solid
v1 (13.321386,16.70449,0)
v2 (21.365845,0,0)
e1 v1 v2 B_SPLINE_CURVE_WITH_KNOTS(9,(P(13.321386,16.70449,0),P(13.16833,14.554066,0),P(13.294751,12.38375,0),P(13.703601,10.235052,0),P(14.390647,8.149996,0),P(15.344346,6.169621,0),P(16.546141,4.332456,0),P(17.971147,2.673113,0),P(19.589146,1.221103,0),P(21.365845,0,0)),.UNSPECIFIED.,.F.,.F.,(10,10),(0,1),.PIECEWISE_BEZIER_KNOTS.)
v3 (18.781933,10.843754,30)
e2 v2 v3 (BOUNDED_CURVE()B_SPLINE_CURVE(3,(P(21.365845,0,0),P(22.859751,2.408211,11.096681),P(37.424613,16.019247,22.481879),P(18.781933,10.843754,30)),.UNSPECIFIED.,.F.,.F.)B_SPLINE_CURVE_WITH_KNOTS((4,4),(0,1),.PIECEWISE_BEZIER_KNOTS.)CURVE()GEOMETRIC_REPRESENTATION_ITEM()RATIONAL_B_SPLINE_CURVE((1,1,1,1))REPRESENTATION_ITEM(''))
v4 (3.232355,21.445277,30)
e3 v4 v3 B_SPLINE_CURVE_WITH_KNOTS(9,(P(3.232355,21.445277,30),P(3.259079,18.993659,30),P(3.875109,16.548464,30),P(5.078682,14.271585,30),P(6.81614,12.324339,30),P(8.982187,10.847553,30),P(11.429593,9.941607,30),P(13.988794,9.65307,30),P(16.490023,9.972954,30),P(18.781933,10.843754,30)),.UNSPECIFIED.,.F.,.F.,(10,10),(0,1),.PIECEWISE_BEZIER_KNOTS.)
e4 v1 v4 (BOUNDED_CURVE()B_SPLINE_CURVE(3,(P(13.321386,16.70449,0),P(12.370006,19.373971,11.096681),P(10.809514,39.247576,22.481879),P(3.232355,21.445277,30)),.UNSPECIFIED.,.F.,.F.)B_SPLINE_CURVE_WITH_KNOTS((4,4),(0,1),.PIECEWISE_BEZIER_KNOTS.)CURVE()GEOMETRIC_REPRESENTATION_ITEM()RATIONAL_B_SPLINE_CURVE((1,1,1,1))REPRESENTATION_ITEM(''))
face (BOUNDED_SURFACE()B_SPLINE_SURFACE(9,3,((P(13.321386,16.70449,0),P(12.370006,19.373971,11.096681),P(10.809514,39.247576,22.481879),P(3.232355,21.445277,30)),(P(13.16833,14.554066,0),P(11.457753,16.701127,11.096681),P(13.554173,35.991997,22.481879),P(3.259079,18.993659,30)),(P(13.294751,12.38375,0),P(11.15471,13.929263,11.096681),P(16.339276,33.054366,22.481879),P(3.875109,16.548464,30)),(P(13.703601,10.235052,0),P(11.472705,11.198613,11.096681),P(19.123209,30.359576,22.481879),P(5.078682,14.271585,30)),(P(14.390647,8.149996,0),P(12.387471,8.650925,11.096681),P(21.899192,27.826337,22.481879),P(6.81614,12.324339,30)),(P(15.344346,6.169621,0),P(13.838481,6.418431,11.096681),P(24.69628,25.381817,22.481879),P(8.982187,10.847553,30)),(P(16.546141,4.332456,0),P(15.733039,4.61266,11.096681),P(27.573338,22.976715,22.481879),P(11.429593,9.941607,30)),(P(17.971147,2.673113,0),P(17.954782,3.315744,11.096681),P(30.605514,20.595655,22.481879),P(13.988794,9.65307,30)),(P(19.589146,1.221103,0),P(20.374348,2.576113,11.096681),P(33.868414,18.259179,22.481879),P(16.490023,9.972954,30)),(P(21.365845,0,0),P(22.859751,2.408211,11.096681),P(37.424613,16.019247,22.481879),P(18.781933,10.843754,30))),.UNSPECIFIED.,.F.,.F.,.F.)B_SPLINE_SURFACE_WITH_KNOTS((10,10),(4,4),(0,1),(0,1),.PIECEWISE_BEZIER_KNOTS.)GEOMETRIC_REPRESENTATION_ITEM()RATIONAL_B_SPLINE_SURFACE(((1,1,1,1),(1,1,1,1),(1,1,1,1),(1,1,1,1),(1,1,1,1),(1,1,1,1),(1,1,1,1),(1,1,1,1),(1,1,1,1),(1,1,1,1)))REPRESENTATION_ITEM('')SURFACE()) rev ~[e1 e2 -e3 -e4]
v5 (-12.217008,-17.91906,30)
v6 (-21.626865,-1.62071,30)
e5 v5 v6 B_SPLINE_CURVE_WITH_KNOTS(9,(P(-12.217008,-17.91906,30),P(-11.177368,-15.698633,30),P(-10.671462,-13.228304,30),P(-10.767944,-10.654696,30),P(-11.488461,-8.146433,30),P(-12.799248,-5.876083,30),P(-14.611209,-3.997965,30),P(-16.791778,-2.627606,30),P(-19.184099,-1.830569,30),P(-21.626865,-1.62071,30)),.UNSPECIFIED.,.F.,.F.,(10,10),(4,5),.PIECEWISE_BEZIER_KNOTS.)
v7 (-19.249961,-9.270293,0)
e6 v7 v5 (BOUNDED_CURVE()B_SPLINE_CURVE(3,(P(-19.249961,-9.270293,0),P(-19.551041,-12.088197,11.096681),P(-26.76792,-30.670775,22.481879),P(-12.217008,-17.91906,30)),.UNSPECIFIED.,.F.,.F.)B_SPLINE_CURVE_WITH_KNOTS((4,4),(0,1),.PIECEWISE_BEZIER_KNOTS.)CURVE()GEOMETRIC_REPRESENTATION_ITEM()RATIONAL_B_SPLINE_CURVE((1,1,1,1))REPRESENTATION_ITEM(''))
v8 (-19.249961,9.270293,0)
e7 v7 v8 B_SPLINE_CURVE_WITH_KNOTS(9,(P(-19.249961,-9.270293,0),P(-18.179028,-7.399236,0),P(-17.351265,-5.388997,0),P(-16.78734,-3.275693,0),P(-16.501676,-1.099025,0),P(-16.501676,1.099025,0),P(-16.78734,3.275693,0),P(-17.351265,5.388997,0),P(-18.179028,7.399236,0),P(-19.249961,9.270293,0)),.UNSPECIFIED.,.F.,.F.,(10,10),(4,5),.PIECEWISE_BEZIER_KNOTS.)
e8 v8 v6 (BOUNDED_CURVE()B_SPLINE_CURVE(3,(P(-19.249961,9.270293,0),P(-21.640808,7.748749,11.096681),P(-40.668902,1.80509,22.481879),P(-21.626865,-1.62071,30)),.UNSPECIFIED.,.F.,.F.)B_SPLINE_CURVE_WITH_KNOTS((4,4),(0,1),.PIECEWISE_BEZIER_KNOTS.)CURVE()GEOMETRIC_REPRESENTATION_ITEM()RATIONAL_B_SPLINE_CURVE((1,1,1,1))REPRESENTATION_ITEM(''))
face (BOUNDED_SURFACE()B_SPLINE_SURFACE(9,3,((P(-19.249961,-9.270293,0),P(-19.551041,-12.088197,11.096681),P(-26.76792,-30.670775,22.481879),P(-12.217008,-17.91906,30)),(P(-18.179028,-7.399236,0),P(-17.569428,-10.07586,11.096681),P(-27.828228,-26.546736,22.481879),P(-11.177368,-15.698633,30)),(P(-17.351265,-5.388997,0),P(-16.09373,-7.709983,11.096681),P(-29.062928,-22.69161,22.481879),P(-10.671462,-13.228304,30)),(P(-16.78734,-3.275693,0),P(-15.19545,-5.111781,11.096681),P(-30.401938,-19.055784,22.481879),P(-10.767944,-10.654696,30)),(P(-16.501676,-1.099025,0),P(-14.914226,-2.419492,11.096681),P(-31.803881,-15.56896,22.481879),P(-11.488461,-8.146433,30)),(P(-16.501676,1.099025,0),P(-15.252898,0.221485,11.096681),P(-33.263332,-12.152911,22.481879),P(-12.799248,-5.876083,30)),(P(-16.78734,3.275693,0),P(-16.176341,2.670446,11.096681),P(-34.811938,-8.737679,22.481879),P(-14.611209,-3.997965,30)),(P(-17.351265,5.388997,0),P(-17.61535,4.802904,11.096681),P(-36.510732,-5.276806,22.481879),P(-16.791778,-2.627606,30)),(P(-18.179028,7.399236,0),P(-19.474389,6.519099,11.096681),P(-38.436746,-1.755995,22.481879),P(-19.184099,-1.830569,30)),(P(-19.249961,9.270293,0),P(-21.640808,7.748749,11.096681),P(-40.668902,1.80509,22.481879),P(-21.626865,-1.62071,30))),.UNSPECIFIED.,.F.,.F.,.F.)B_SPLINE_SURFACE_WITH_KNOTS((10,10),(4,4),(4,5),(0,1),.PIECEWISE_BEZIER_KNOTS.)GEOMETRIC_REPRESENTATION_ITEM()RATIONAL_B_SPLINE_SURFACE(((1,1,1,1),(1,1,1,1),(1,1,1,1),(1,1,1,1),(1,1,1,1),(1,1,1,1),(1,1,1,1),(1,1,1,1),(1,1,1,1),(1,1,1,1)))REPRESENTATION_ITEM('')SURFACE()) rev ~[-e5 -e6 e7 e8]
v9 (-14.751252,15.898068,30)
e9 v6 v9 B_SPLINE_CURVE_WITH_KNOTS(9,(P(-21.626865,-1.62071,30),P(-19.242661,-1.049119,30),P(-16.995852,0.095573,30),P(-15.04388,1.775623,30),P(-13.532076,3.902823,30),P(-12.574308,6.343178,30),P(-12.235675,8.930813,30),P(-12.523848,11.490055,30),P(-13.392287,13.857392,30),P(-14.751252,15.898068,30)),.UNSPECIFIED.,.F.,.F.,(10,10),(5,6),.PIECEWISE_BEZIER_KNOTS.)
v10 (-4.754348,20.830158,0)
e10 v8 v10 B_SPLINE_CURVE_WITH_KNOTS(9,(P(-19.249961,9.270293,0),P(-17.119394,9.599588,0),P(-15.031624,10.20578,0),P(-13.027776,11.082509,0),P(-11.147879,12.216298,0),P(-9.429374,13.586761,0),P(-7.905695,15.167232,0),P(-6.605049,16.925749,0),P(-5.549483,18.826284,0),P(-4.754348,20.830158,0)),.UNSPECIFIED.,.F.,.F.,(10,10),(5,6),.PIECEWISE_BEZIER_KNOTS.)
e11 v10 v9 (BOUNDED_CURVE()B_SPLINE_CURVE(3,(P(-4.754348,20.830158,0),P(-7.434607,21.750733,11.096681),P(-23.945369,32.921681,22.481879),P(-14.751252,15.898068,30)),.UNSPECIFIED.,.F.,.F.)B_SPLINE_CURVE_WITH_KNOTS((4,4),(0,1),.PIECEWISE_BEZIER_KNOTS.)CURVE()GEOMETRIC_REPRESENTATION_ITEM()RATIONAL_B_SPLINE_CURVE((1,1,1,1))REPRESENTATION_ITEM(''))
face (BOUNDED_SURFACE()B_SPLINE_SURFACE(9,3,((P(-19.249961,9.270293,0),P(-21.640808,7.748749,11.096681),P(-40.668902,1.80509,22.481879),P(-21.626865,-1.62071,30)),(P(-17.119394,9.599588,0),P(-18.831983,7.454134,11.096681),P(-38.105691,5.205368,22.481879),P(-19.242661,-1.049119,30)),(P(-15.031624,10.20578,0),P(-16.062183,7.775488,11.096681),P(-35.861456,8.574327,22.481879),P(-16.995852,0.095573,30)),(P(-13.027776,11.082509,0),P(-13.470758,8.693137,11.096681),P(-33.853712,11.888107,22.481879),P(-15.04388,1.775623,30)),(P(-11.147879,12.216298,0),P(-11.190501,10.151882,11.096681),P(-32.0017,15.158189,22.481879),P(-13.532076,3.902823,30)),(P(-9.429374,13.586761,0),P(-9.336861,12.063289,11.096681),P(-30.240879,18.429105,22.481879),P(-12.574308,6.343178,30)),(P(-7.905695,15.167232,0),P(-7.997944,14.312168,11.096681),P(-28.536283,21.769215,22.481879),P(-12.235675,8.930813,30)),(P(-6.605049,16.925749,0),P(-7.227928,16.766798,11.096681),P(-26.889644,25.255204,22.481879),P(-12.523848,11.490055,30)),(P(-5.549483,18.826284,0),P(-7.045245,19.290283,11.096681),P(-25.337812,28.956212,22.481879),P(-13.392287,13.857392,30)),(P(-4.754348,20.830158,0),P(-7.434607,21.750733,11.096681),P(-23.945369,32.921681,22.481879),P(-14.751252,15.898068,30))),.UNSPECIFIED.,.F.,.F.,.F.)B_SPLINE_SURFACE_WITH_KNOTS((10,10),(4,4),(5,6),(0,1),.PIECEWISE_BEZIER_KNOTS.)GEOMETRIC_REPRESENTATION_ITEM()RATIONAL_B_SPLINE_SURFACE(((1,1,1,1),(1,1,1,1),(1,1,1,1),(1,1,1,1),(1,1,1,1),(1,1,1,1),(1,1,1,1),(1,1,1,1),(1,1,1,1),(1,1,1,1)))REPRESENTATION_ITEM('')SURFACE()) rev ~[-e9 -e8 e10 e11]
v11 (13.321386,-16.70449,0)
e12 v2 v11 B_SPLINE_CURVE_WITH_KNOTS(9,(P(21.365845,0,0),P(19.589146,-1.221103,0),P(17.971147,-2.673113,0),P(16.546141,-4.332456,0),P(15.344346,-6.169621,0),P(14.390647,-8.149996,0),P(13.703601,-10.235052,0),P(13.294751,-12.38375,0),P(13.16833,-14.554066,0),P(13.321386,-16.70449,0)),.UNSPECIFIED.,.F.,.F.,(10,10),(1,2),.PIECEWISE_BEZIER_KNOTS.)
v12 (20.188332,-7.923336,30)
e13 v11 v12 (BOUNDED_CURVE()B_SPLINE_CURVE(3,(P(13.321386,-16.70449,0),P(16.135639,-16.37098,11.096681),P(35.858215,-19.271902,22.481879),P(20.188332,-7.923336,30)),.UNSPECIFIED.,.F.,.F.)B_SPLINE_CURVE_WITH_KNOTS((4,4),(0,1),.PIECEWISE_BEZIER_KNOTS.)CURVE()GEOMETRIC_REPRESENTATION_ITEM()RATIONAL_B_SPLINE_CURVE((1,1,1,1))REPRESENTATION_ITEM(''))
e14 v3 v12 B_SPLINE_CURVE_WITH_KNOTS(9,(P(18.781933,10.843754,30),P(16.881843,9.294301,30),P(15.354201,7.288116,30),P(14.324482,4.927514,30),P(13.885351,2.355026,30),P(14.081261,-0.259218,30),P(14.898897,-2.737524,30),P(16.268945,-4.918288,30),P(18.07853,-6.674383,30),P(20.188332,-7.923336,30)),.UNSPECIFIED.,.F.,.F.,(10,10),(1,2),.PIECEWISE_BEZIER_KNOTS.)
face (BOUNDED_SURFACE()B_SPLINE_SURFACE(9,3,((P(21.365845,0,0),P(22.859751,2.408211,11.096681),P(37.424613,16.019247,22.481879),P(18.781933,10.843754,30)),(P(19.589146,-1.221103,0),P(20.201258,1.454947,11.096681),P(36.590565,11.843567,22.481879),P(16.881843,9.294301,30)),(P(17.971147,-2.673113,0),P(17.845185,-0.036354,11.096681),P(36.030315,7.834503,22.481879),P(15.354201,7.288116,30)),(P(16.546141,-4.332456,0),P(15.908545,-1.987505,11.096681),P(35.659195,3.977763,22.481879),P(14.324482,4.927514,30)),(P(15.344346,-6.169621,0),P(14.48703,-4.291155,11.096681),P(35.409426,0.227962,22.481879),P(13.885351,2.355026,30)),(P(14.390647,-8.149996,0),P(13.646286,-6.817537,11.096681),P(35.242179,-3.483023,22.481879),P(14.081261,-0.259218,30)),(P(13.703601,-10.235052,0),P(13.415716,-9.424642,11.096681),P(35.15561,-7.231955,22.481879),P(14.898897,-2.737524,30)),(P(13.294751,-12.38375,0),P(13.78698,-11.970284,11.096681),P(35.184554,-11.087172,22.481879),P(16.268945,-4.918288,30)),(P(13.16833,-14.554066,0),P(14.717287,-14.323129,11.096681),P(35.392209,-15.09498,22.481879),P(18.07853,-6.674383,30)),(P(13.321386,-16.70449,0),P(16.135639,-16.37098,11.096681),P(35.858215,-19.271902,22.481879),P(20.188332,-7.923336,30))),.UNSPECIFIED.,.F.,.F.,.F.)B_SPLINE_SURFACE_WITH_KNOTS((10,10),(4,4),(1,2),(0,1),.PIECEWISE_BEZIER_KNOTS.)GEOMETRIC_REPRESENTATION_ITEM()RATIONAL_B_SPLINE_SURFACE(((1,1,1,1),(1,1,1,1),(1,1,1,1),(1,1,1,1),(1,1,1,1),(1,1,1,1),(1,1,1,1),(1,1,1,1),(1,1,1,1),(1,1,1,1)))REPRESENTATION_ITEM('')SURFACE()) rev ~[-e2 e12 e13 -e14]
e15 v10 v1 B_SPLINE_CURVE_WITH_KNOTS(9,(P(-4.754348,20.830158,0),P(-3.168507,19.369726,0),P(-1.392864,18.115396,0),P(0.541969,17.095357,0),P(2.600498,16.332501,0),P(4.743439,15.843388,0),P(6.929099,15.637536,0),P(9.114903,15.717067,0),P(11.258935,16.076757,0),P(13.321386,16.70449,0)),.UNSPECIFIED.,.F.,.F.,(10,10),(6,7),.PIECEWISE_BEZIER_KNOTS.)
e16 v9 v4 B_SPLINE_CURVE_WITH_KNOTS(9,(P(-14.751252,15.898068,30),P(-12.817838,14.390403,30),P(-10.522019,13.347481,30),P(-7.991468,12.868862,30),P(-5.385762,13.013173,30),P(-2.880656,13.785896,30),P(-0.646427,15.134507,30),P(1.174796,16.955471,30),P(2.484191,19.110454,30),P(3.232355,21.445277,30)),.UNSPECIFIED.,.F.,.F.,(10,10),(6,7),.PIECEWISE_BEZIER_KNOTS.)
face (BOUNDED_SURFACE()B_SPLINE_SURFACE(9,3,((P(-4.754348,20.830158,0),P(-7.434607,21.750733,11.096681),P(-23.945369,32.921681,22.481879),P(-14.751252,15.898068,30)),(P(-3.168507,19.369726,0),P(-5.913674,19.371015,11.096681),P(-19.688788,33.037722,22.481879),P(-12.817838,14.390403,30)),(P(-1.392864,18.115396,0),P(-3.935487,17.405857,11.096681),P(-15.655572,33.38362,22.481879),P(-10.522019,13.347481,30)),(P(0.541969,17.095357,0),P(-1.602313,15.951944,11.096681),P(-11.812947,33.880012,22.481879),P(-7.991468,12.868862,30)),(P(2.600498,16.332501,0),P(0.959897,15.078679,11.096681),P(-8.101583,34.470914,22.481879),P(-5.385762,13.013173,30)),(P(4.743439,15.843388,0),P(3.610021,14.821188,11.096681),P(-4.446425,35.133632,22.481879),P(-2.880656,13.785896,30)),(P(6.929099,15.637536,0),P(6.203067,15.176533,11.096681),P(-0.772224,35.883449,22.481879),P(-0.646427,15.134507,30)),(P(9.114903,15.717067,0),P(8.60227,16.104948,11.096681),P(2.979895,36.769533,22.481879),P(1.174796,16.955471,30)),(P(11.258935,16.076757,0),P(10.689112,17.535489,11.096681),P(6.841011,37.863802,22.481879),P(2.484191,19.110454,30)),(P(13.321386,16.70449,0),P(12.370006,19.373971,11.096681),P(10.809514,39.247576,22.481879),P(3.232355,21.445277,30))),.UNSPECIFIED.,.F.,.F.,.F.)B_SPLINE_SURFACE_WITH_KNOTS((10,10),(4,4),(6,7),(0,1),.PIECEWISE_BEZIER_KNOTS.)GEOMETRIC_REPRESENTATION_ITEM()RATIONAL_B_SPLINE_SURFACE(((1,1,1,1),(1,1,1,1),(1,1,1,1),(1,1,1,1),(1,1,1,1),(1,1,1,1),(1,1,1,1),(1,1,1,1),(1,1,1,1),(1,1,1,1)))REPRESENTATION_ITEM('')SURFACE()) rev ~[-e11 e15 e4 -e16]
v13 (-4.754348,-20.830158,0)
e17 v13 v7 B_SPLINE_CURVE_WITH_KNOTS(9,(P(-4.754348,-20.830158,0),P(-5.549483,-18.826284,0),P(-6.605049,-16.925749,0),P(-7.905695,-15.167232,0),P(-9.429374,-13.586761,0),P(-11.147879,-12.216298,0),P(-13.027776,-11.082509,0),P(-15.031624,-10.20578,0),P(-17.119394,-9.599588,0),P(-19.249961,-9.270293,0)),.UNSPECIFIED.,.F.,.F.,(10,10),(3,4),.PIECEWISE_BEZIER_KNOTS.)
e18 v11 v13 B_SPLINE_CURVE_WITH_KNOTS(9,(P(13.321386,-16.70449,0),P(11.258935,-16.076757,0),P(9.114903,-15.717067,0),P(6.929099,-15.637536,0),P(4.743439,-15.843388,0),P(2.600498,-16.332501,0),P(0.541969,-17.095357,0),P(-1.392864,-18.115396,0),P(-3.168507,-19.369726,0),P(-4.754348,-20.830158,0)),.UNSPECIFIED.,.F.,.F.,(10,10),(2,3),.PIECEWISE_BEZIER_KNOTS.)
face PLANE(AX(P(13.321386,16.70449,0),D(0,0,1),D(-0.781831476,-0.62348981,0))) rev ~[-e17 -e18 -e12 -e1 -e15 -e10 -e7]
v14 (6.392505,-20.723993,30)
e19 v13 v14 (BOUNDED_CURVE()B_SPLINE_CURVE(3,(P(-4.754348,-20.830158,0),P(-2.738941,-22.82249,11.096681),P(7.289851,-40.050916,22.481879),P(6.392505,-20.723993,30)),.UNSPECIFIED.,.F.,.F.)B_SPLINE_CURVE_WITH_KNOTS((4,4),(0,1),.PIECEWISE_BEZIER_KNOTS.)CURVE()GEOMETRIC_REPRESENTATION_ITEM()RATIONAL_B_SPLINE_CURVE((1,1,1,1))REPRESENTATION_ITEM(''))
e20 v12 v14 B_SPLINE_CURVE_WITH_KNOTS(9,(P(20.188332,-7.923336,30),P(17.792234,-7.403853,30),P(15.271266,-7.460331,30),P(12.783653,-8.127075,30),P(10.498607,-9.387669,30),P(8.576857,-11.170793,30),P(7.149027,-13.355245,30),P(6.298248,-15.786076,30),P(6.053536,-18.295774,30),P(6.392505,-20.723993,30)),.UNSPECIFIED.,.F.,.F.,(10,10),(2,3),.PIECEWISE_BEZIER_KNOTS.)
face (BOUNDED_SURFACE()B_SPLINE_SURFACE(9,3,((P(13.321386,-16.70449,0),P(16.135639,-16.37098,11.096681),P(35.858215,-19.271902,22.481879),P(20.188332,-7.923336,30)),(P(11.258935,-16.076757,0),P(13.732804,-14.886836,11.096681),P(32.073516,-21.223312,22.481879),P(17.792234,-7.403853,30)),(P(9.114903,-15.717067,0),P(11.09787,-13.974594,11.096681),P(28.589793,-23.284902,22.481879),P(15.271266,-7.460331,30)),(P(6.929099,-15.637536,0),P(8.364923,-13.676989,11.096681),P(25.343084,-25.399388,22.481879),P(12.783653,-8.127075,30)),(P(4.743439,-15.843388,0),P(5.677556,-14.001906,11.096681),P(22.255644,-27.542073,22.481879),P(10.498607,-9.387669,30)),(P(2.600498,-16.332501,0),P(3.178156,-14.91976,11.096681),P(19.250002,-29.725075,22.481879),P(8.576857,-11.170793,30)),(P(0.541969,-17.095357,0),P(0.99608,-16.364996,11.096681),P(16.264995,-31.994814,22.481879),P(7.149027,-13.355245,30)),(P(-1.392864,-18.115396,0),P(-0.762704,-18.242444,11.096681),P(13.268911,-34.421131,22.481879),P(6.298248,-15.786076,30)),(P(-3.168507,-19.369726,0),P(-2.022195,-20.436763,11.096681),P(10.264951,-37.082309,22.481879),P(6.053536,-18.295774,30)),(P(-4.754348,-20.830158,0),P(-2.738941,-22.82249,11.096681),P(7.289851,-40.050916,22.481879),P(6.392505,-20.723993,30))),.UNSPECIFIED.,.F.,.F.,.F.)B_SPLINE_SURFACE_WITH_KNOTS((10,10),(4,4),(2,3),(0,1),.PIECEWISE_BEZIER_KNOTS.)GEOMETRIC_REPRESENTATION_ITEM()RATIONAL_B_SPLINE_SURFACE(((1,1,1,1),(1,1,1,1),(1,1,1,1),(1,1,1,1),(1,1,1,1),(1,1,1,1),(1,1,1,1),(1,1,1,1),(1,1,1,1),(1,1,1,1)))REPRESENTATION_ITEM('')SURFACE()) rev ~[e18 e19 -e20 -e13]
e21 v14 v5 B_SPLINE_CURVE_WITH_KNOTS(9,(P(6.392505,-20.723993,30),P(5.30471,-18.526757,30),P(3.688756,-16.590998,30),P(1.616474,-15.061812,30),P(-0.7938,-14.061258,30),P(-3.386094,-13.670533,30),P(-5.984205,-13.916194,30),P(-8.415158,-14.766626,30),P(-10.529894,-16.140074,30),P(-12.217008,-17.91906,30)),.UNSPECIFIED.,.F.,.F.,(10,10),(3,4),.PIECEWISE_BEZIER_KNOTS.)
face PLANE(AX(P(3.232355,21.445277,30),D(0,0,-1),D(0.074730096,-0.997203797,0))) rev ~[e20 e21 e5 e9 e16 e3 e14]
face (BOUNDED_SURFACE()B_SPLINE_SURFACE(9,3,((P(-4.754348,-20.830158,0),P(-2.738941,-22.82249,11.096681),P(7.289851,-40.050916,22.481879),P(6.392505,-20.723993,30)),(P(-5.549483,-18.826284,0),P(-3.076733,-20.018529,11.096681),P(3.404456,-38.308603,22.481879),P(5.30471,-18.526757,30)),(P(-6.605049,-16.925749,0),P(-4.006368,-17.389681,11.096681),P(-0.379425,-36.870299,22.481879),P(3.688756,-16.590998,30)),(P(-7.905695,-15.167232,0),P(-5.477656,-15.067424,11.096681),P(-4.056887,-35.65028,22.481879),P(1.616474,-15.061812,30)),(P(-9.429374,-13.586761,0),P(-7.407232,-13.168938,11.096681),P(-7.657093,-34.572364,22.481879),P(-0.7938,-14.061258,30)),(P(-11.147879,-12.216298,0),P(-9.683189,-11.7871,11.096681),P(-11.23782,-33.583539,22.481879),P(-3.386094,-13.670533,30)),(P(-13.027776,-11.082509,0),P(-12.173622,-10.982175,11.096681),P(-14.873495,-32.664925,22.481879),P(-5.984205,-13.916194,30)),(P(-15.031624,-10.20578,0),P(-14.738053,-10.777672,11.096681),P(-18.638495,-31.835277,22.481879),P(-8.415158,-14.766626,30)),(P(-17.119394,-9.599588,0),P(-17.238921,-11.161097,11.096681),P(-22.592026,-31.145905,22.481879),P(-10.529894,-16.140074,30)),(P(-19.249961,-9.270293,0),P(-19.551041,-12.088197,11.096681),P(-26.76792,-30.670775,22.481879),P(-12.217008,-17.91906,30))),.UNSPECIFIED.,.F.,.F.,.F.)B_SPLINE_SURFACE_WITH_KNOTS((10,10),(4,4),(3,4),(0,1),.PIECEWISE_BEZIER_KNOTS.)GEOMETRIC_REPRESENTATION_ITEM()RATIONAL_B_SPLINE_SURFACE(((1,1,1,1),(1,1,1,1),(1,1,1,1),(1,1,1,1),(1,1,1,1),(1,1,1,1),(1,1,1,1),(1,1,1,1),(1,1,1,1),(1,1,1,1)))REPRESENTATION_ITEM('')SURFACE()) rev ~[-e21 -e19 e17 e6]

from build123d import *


with BuildPart() as part:
    # Sketch (on XY_Plane of Origin) → AdditiveLoft section 0
    with BuildSketch(Plane.XY):
        with BuildLine():
            ThreePointArc((13.321386, 16.70449), (15.122391, 7.28256), (21.365845, 0))
            ThreePointArc((21.365845, 0), (15.122391, -7.28256), (13.321386, -16.70449))
            ThreePointArc((13.321386, -16.70449), (3.734922, -16.363763), (-4.754348, -20.830158))
            ThreePointArc((-4.754348, -20.830158), (-10.465019, -13.122719), (-19.249961, -9.270293))
            ThreePointArc((-19.249961, -9.270293), (-16.784588, 0), (-19.249961, 9.270293))
            ThreePointArc((-19.249961, 9.270293), (-10.465019, 13.122719), (-4.754348, 20.830158))
            ThreePointArc((-4.754348, 20.830158), (3.734922, 16.363763), (13.321386, 16.70449))
        make_face()
    # Sketch001 (on Sketch) → AdditiveLoft section 1
    with BuildSketch(Plane.XY.offset(10)):
        with BuildLine():
            ThreePointArc((12.146837, 22.305334), (15.826911, 11.378774), (25.012441, 4.410368))
            ThreePointArc((25.012441, 4.410368), (18.764202, -5.279428), (19.043167, -16.805695))
            ThreePointArc((19.043167, -16.805695), (7.571666, -17.962113), (-1.266001, -25.366727))
            ThreePointArc((-1.266001, -25.366727), (-9.322489, -17.118961), (-20.621844, -14.826096))
            ThreePointArc((-20.621844, -14.826096), (-19.19662, -3.384882), (-24.449018, 6.878887))
            ThreePointArc((-24.449018, 6.878887), (-14.615304, 12.898082), (-9.865583, 23.403928))
            ThreePointArc((-9.865583, 23.403928), (0.971634, 19.468527), (12.146837, 22.305334))
        make_face()
    # Sketch002 → AdditiveLoft section 2
    with BuildSketch(Plane.XY.offset(20)):
        with BuildLine():
            ThreePointArc((9.553759, 28.435319), (16.677604, 17.098702), (28.188299, 10.259702))
            ThreePointArc((28.188299, 10.259702), (23.766619, -2.378209), (25.596475, -15.64168))
            ThreePointArc((25.596475, -15.64168), (12.958886, -20.06428), (3.729983, -29.764558))
            ThreePointArc((3.729983, -29.764558), (-7.607153, -22.641539), (-20.945262, -21.474117))
            ThreePointArc((-20.945262, -21.474117), (-22.44485, -8.169257), (-29.848298, 2.986773))
            ThreePointArc((-29.848298, 2.986773), (-20.381118, 12.454642), (-16.274956, 25.198561))
            ThreePointArc((-16.274956, 25.198561), (-2.969988, 23.699942), (9.553759, 28.435319))
        make_face()
    # Sketch003 (on XY_Plane of Origin) → AdditiveLoft section 3
    with BuildSketch(Plane.XY.offset(30)):
        with BuildLine():
            ThreePointArc((3.232355, 21.445277), (8.242463, 12.089473), (18.781933, 10.843754))
            ThreePointArc((18.781933, 10.843754), (14.591023, 1.093446), (20.188332, -7.923336))
            ThreePointArc((20.188332, -7.923336), (9.952244, -10.725968), (6.392505, -20.723993))
            ThreePointArc((6.392505, -20.723993), (-2.180777, -14.46851), (-12.217008, -17.91906))
            ThreePointArc((-12.217008, -17.91906), (-12.671629, -7.315968), (-21.626865, -1.62071))
            ThreePointArc((-21.626865, -1.62071), (-13.620486, 5.345647), (-14.751252, 15.898068))
            ThreePointArc((-14.751252, 15.898068), (-4.312839, 13.981881), (3.232355, 21.445277))
        make_face()
    loft()


solid = part.part
